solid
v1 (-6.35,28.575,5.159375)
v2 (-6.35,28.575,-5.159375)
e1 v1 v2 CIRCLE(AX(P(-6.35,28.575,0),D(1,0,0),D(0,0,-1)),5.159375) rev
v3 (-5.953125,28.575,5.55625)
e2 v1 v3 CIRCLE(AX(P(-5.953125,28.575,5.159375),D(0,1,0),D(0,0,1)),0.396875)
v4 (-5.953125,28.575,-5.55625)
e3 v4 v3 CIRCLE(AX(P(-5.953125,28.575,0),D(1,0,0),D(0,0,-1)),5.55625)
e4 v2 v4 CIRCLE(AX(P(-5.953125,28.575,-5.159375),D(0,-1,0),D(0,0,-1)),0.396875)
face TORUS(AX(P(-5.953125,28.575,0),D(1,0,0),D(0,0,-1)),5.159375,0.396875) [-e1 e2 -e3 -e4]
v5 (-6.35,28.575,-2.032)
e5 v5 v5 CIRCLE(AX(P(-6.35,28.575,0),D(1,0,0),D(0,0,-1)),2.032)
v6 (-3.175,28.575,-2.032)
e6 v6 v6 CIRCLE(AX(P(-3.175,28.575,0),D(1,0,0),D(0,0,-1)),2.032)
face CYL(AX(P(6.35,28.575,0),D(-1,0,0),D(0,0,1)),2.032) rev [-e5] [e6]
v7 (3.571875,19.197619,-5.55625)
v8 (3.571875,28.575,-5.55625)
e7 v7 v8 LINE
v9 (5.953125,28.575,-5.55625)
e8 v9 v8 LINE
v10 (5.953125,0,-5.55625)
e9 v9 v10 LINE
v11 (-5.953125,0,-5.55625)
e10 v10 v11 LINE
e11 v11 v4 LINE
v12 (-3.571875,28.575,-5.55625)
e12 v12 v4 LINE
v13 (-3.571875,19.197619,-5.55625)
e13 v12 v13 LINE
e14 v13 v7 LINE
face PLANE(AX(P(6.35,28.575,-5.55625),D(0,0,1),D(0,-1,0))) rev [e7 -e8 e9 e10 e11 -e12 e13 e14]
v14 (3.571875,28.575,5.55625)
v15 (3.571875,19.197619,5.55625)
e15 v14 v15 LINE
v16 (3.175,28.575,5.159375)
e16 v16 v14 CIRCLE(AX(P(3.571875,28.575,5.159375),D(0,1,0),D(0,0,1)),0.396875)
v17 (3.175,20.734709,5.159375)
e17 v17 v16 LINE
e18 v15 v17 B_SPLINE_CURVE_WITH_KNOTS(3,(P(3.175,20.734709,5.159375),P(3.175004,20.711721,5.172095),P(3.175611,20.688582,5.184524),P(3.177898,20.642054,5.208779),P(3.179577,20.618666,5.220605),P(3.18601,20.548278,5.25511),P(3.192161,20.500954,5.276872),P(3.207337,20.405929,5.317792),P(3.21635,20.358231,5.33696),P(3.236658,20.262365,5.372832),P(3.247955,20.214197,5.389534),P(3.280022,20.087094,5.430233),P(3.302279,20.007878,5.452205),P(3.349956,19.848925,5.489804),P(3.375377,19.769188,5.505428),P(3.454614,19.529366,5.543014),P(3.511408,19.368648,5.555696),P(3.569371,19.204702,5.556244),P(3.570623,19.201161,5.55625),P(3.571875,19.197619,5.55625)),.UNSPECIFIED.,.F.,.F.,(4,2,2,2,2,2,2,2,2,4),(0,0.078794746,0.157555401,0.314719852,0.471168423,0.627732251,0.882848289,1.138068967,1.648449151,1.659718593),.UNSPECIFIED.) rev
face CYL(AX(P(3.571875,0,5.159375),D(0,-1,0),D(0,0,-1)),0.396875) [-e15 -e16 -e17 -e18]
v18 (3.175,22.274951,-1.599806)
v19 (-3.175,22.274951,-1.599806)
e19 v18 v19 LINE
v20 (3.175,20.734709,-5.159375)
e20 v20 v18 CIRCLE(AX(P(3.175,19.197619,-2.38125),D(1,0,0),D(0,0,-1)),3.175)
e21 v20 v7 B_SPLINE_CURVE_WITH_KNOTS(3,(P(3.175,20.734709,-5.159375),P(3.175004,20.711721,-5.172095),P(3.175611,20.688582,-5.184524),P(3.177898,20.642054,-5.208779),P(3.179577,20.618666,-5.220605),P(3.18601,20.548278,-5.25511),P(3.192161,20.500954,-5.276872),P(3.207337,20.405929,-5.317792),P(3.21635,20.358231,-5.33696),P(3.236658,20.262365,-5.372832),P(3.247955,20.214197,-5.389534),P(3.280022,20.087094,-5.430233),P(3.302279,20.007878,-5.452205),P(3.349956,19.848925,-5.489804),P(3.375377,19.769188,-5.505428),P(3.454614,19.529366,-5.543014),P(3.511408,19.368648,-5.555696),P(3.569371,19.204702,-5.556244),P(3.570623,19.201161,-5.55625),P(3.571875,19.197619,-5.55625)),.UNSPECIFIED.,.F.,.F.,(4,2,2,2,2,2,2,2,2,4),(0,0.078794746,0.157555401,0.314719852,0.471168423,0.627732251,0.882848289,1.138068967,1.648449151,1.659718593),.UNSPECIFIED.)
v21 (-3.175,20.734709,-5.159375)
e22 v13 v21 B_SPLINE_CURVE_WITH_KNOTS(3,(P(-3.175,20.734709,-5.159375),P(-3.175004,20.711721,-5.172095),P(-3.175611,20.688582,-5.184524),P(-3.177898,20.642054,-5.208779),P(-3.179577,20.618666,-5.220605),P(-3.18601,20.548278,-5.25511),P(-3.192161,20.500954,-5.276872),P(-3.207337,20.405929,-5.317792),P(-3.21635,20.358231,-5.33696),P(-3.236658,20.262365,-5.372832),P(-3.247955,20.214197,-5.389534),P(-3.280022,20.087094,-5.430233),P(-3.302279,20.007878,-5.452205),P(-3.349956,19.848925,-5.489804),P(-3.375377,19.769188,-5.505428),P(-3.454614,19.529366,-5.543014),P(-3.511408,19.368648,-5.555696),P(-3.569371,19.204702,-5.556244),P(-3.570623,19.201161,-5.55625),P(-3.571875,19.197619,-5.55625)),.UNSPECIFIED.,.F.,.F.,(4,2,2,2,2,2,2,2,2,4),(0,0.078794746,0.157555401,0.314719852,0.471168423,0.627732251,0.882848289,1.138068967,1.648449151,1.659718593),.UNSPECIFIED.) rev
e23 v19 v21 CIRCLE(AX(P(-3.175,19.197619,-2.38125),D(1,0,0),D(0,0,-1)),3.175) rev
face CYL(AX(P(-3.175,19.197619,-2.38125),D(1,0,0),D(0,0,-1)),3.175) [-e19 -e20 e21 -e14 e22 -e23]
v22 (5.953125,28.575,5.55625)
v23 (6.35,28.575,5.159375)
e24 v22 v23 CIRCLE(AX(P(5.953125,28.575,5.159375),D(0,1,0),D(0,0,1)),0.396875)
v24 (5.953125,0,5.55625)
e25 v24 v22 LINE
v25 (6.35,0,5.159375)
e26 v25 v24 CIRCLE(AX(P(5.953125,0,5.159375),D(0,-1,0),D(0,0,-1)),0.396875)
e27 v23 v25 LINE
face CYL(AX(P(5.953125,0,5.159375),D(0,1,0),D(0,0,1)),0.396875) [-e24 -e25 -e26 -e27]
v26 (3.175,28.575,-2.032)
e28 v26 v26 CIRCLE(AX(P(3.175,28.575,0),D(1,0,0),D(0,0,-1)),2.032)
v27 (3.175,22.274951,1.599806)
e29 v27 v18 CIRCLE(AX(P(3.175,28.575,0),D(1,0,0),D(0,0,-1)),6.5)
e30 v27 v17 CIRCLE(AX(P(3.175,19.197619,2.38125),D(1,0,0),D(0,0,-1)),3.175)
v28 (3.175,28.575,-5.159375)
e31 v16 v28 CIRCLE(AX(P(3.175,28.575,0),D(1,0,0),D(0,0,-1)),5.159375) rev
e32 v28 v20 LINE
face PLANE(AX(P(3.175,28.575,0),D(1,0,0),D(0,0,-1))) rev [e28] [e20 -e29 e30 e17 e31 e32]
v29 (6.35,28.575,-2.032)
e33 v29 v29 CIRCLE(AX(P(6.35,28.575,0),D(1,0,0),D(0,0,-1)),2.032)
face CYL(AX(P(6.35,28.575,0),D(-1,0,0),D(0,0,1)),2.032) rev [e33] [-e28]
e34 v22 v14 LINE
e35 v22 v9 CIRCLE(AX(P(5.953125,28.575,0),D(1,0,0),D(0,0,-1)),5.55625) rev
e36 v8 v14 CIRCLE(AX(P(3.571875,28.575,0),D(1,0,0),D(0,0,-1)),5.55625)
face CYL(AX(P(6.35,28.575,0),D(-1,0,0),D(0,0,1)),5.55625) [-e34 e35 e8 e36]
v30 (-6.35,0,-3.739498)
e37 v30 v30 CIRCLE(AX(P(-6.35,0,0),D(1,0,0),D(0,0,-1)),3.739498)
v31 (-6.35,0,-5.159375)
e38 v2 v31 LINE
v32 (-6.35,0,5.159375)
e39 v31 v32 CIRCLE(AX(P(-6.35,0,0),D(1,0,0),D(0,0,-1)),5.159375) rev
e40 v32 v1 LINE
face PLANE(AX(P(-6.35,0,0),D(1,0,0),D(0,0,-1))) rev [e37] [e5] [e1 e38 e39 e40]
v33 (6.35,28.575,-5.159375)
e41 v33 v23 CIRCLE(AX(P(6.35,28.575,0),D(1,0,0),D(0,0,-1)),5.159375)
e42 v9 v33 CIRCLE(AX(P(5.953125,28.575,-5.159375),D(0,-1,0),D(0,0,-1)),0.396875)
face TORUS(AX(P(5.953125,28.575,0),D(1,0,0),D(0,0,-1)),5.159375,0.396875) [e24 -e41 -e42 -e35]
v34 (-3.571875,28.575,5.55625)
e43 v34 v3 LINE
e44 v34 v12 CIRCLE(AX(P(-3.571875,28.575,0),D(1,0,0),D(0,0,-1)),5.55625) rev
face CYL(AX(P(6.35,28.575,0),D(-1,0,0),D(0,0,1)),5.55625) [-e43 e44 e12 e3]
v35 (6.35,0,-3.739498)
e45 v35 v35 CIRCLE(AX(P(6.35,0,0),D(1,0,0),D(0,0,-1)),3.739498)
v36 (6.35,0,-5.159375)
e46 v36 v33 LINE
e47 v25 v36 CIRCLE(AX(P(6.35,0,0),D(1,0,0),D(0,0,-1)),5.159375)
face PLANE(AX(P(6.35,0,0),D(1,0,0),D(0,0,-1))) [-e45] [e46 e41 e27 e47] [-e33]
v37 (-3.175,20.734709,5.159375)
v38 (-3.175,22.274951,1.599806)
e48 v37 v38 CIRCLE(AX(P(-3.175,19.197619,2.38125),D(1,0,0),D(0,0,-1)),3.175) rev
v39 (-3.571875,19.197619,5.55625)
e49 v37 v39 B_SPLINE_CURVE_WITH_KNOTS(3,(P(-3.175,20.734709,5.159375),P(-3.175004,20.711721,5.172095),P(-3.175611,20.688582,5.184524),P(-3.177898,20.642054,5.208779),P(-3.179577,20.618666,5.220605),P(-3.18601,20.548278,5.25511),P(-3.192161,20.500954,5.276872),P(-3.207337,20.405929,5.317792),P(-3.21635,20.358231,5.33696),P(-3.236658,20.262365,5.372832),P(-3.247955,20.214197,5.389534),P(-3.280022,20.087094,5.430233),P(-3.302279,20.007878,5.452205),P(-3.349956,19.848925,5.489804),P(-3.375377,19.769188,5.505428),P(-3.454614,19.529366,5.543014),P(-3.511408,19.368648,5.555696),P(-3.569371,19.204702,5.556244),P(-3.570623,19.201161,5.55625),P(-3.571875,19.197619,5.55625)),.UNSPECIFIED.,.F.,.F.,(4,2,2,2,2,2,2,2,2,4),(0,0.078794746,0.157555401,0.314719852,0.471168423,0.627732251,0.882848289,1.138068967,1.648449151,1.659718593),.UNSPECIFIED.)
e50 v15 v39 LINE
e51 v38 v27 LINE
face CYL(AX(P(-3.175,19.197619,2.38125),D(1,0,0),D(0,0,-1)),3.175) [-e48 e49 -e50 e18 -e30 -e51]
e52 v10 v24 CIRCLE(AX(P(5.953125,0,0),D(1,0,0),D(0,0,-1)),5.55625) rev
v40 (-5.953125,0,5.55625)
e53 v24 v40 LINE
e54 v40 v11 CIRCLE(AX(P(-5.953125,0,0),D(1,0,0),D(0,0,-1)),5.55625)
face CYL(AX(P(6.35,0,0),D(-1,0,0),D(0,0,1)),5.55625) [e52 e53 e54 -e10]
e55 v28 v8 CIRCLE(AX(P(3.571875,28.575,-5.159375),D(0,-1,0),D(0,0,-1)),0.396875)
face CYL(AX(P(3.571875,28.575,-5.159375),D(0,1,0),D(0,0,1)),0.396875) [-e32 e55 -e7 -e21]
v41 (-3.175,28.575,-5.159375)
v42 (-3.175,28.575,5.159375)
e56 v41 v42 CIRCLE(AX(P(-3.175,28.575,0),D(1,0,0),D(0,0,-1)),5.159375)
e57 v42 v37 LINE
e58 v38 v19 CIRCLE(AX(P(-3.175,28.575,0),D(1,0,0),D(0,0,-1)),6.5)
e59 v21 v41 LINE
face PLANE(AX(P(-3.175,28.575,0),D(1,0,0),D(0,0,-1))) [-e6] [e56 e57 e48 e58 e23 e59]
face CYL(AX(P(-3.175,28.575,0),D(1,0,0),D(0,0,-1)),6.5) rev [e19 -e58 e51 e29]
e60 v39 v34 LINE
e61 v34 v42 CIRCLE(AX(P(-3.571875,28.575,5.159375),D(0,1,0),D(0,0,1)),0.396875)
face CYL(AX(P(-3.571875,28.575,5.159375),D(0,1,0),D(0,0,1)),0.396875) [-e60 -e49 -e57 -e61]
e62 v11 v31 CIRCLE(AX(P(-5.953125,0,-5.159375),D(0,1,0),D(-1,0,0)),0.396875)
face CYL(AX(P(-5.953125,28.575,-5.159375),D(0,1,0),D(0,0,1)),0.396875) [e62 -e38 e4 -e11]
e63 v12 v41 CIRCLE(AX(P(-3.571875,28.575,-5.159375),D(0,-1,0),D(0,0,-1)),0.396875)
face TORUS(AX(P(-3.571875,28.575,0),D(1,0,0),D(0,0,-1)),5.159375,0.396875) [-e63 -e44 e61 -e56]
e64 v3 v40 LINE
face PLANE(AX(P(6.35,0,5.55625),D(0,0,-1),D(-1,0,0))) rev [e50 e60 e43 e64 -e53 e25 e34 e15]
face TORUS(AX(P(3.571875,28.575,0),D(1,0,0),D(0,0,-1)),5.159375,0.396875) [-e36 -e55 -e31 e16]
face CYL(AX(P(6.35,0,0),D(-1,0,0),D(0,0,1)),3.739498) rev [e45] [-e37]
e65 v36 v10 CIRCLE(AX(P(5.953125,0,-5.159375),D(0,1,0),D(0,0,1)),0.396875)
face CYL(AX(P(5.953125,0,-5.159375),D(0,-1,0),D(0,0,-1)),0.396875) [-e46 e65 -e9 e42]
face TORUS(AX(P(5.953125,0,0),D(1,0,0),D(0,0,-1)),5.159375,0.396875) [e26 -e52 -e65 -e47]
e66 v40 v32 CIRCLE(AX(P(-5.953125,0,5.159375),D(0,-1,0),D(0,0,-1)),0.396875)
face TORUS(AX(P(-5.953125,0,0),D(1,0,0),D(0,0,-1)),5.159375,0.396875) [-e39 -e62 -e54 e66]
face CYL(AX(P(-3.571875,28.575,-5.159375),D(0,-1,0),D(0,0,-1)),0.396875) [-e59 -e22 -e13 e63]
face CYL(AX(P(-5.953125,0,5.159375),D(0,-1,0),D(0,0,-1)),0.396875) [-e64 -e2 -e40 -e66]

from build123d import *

# Parameters (mm, degrees)
SKETCH1_R           = 3.739497694
SKETCH1_R_2         = 2.032
BOSS_EXTRUDE1_DEPTH = 6.35
SKETCH2_R           = 6.5
CUT_EXTRUDE1_DEPTH  = 3.175
FILLET1_R           = 3.175
FILLET2_R           = 0.396875


with BuildPart() as part:
    # Sketch1 → Boss-Extrude1 (new, symmetric)
    with BuildSketch(Plane(origin=(0, 0, 0), x_dir=(0, 0, -1), z_dir=(1, 0, 0))):
        with BuildLine():
            Line((-5.55625, 0), (-5.55625, 28.575))
            ThreePointArc((-5.55625, 28.575), (0, 34.13125), (5.55625, 28.575))
            Line((5.55625, 28.575), (5.55625, 0))
            ThreePointArc((5.55625, 0), (0, -5.55625), (-5.55625, 0))
        make_face()
        Circle(SKETCH1_R, mode=Mode.SUBTRACT)
        with Locations((0, 28.575)):
            Circle(SKETCH1_R_2, mode=Mode.SUBTRACT)
    extrude(amount=BOSS_EXTRUDE1_DEPTH, both=True)

    # Sketch2 → Cut-Extrude1 (cut, symmetric)
    with BuildSketch(Plane(origin=(0, 0, 0), x_dir=(0, 0, -1), z_dir=(1, 0, 0))):
        with Locations((0, 28.575)):
            Circle(SKETCH2_R)
    extrude(amount=CUT_EXTRUDE1_DEPTH, both=True, mode=Mode.SUBTRACT)

    # Fillet1
    fillet1_edges = [part.edges().sort_by_distance(p)[0] for p in [
        (0, 25.20185815, 5.55625),
        (0, 25.20185815, -5.55625),
    ]]
    fillet(fillet1_edges, radius=FILLET1_R)

    # Fillet2
    fillet2_edges = [part.edges().sort_by_distance(p)[0] for p in [
        (6.35, 34.13125, 0),
        (6.35, 14.2875, 5.55625),
        (3.175, 23.886309526, -5.55625),
        (3.175, 34.13125, 0),
        (3.175, 23.886309526, 5.55625),
        (-3.175, 23.886309526, -5.55625),
        (-3.175, 34.13125, 0),
        (-3.175, 23.886309526, 5.55625),
        (6.35, -5.55625, 0),
        (-6.35, 14.2875, 5.55625),
        (-6.35, 34.13125, 0),
        (-6.35, 14.2875, -5.55625),
        (-6.35, -5.55625, 0),
        (6.35, 14.2875, -5.55625),
    ]]
    fillet(fillet2_edges, radius=FILLET2_R)


solid = part.part
